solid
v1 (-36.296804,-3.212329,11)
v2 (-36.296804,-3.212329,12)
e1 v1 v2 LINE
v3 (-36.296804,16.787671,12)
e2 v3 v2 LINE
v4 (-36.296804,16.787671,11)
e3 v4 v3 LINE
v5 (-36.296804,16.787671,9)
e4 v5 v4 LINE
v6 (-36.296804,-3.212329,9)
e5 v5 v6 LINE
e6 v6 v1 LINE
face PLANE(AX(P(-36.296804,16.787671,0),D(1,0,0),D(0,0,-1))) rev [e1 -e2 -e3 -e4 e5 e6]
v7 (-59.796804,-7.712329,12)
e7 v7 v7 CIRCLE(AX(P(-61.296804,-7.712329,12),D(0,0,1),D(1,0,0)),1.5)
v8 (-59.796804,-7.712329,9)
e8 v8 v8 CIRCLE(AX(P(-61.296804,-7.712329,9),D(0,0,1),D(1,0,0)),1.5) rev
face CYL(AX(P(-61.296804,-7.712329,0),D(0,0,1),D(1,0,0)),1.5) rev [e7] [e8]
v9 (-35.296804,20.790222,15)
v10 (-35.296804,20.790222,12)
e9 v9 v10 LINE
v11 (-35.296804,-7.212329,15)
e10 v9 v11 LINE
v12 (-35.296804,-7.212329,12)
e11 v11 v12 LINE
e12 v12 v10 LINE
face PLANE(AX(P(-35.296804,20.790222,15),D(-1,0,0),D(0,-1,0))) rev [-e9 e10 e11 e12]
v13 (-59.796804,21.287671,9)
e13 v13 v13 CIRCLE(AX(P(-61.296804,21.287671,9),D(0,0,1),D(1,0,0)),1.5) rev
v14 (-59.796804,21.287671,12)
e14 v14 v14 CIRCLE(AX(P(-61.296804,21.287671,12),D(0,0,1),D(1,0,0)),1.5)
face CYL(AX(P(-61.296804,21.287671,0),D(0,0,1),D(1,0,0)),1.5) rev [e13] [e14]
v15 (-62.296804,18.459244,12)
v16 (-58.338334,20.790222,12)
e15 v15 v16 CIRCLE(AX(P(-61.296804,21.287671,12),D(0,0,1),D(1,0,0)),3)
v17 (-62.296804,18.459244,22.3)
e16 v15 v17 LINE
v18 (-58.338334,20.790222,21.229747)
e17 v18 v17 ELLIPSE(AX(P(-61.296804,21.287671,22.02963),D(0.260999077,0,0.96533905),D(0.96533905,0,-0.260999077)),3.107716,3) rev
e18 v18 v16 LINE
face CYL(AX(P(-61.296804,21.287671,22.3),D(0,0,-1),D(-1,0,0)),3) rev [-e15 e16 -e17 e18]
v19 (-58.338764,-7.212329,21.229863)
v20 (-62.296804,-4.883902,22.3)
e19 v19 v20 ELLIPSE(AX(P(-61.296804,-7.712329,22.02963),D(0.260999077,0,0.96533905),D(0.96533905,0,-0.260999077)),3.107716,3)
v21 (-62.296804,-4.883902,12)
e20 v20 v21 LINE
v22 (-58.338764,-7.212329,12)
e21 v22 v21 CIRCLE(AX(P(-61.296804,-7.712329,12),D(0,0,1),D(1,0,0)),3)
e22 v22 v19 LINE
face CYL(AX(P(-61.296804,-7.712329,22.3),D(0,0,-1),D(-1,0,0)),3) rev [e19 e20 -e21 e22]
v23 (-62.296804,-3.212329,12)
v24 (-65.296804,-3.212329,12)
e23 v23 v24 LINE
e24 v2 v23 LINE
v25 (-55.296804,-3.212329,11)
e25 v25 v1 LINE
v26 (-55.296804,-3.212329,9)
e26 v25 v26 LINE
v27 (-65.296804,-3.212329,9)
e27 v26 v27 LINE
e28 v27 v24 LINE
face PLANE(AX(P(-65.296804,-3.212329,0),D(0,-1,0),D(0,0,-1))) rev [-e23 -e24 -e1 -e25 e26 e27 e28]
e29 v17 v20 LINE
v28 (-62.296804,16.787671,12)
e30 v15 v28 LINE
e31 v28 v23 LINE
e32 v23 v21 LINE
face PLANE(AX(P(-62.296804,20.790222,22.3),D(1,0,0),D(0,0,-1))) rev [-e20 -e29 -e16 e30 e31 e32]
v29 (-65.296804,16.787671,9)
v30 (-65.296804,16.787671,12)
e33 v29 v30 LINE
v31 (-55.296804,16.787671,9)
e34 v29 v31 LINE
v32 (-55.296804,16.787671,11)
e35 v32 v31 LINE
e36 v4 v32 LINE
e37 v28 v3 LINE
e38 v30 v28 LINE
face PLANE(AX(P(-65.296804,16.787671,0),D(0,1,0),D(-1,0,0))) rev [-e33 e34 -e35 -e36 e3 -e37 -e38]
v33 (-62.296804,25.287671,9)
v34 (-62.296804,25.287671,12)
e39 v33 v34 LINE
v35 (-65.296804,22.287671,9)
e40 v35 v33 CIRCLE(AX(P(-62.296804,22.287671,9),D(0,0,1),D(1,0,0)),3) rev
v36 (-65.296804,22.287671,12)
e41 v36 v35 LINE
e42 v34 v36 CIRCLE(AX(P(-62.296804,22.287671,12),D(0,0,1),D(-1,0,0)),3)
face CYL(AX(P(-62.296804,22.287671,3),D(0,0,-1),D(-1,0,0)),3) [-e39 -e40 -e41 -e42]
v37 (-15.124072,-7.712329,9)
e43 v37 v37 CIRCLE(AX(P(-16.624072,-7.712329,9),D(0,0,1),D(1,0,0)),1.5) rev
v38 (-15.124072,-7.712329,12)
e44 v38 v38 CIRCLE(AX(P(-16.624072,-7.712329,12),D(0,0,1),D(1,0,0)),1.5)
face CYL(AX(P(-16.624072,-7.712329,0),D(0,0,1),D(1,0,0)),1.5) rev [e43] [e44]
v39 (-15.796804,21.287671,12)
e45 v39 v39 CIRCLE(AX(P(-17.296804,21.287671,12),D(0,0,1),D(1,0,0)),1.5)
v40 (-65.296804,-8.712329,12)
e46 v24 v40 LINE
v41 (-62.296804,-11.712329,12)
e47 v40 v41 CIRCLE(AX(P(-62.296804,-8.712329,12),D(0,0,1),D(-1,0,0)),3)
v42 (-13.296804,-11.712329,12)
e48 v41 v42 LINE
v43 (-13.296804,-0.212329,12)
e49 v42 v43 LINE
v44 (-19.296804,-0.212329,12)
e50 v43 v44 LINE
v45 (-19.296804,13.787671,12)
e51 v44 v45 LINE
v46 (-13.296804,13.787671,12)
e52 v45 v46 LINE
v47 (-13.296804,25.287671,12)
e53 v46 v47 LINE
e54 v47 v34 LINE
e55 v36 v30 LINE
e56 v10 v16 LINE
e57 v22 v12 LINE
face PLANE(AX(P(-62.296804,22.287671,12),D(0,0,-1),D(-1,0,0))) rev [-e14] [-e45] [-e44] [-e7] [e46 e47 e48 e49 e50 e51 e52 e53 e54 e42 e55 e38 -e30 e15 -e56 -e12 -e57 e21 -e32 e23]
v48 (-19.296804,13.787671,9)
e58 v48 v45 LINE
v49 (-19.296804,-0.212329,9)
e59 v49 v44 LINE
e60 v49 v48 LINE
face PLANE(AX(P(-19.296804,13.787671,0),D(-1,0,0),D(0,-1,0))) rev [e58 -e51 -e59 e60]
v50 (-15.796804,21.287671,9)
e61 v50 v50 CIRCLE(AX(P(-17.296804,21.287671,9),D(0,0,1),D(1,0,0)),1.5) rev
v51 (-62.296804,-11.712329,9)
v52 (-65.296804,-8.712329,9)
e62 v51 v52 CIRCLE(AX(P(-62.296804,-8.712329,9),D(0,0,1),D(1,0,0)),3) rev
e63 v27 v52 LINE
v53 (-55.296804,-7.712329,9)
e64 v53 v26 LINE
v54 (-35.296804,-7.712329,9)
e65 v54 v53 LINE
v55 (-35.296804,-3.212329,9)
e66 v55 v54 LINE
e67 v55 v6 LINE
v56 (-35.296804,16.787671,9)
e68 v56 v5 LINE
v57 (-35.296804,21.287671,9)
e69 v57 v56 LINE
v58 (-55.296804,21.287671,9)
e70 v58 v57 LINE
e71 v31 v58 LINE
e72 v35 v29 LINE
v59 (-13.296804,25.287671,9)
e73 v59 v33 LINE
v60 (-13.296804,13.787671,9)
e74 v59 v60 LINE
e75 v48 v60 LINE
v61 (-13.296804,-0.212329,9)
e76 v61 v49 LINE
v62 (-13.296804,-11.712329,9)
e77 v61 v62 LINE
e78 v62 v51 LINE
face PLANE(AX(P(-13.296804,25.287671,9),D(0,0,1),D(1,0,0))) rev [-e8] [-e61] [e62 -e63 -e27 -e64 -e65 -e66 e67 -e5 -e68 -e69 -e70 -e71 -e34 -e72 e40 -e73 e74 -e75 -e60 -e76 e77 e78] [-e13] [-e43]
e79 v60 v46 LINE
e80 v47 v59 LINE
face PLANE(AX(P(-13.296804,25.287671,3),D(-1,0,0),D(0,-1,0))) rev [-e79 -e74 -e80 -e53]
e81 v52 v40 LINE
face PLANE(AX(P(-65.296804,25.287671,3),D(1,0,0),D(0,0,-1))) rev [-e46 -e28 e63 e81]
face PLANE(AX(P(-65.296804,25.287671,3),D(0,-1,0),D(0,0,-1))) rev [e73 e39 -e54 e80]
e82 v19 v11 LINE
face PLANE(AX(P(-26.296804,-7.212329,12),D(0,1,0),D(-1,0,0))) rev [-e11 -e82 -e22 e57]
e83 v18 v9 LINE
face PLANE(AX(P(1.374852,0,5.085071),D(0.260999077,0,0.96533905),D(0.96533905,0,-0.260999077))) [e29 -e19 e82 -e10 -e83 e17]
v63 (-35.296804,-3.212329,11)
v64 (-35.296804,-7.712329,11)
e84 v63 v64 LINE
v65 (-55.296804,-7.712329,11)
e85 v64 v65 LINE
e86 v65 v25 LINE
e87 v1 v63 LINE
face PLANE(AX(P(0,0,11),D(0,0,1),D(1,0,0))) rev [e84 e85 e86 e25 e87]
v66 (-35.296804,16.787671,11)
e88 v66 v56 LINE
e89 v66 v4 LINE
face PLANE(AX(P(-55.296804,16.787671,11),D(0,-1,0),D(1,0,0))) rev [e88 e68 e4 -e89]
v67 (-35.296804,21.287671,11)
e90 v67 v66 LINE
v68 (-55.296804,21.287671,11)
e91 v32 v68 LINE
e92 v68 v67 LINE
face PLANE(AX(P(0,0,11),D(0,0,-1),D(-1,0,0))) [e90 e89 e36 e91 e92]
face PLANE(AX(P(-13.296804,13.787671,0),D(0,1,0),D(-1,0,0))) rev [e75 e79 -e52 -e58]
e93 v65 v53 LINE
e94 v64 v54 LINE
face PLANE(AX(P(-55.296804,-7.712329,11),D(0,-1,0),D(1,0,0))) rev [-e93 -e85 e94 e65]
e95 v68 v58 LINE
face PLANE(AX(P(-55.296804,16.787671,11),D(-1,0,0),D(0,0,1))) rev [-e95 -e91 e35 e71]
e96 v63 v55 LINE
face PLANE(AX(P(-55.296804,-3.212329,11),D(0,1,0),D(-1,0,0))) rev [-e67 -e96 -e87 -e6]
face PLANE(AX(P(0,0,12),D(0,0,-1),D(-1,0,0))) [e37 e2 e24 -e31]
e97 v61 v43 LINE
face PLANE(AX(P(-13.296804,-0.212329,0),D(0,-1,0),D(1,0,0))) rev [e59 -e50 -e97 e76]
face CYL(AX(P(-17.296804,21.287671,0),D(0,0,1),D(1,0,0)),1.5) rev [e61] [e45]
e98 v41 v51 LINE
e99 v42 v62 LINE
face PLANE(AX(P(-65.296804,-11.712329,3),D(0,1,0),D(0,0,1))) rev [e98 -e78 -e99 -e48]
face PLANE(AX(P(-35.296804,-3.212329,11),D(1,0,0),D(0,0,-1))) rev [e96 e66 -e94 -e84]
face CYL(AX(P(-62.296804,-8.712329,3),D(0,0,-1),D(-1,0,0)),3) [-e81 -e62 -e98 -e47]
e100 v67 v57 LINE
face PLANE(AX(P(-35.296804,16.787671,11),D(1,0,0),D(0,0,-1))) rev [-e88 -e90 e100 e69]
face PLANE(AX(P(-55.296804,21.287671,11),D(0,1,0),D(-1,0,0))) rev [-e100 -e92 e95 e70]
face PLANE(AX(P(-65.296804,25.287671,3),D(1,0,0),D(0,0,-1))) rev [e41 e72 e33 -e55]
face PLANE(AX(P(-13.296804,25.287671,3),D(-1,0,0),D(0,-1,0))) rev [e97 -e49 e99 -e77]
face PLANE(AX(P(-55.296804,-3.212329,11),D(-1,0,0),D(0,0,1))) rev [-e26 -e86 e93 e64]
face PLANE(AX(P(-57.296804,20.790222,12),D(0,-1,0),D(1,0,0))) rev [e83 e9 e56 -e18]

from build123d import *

# Parameters (mm, degrees)
CROQUIS1_W              = 52
CROQUIS1_H              = 37
SALIENTE_EXTRUIR1_DEPTH = 3
REDONDEO1_R             = 3
CROQUIS2_R              = 1.5
CORTAR_EXTRUIR1_DEPTH   = 3
CROQUIS3_W              = 29
CROQUIS3_H              = 20
CROQUIS3_W_2            = 6
CROQUIS3_H_2            = 14
CORTAR_EXTRUIR2_DEPTH   = 3
SALIENTE_EXTRUIR2_DEPTH = 9
CROQUIS5_W              = 36
CROQUIS5_H              = 28.002550662
SALIENTE_EXTRUIR3_DEPTH = 10.3
CORTAR_EXTRUIR3_START   = -28.002551
CORTAR_EXTRUIR3_DEPTH   = 28.002551
SALIENTE_EXTRUIR4_DEPTH = 8.5
CROQUIS8_W              = 21.9
CROQUIS8_H              = 60.9
CORTAR_EXTRUIR4_DEPTH   = 5.5
CORTAR_EXTRUIR5_DEPTH   = 9
CORTAR_EXTRUIR6_START   = -28.002551
CROQUIS12_W             = 9
CROQUIS12_H             = 1.570892211
CORTAR_EXTRUIR6_DEPTH   = 28.002551
CROQUIS13_W             = 3
CROQUIS13_H             = 67
SALIENTE_EXTRUIR5_DEPTH = 12
CORTAR_EXTRUIR7_START   = -28.002551
CROQUIS14_W             = 31
CROQUIS14_H             = 9
CORTAR_EXTRUIR7_DEPTH   = 28.002551
CROQUIS17_R             = 1.5
SALIENTE_EXTRUIR6_DEPTH = 9
CORTAR_EXTRUIR8_START   = -37
CROQUIS18_W             = 54.197150846
CROQUIS18_H             = 9
CORTAR_EXTRUIR8_DEPTH   = 37
CORTAR_EXTRUIR9_REACH   = 83.194
CROQUIS19_R             = 1.5
CROQUIS20_W             = 28
CROQUIS20_H             = 6
SALIENTE_EXTRUIR7_DEPTH = 3
CROQUIS21_W             = 20
CROQUIS21_H             = 4.5
CORTAR_EXTRUIR10_DEPTH  = 2
CROQUIS22_R             = 3
CORTAR_EXTRUIR11_DEPTH  = 10.3
CORTAR_EXTRUIR12_REACH  = 82.263
CROQUIS23_R             = 2
CORTAR_EXTRUIR13_START  = -20.5
CROQUIS24_W             = 31.641373031
CROQUIS24_H             = 75.620640488
CORTAR_EXTRUIR13_DEPTH  = 20.5
CROQUIS25_W             = 28
CROQUIS25_H             = 6
CORTAR_EXTRUIR14_DEPTH  = 10
SALIENTE_EXTRUIR8_DEPTH = 9
CORTAR_EXTRUIR16_REACH  = 72.776
CROQUIS30_R             = 3


with BuildPart() as part:
    # Croquis1 → Saliente-Extruir1 (new body)
    with BuildSketch(Plane.XY):
        with Locations((-39.296803653, 6.787671233)):
            Rectangle(CROQUIS1_W, CROQUIS1_H)
    extrude(amount=SALIENTE_EXTRUIR1_DEPTH)

    # Redondeo1
    redondeo1_edges = [part.edges().sort_by_distance(p)[0] for p in [
        (-65.296803653, 25.287671233, 1.5),
        (-65.296803653, -11.712328767, 1.5),
    ]]
    fillet(redondeo1_edges, radius=REDONDEO1_R)

    # Croquis2 → Cortar-Extruir1 (cut)
    with BuildSketch(Plane.XY.offset(3)):
        with Locations((-61.296803653, 21.287671233)):
            Circle(CROQUIS2_R)
        with Locations((-61.296803653, -7.712328767)):
            Circle(CROQUIS2_R)
        with Locations((-16.624072342, -7.712328767)):
            Circle(CROQUIS2_R)
        with Locations((-17.296803653, 21.287671233)):
            Circle(CROQUIS2_R)
    extrude(amount=-CORTAR_EXTRUIR1_DEPTH, mode=Mode.SUBTRACT)

    # Croquis3 → Cortar-Extruir2 (cut)
    with BuildSketch(Plane.XY.offset(3)):
        with Locations((-50.796803653, 6.787671233)):
            Rectangle(CROQUIS3_W, CROQUIS3_H)
        with Locations((-16.296803653, 6.787671233)):
            Rectangle(CROQUIS3_W_2, CROQUIS3_H_2)
    extrude(amount=-CORTAR_EXTRUIR2_DEPTH, mode=Mode.SUBTRACT)

    # Croquis4 → Saliente-Extruir2 (add)
    with BuildSketch(Plane.XY.offset(3)):
        Polygon((-57.296803653, 16.787671233), (-57.296803653, 20.790221895), (-26.296803653, 20.790221895), (-26.296803653, -7.212328767), (-57.296803653, -7.212328767), (-57.296803653, -3.212328767), (-36.296803653, -3.212328767), (-36.296803653, 16.787671233), align=None)
    extrude(amount=SALIENTE_EXTRUIR2_DEPTH)

    # Croquis5 → Saliente-Extruir3 (add)
    with BuildSketch(Plane.XY.offset(12)):
        with Locations((-44.296803653, 6.788946564)):
            Rectangle(CROQUIS5_W, CROQUIS5_H)
    extrude(amount=SALIENTE_EXTRUIR3_DEPTH)

    # Croquis6 → Cortar-Extruir3 (cut)
    with BuildSketch(Plane.XZ.offset(7.212328767).offset(CORTAR_EXTRUIR3_START)):
        Polygon((-35.296803653, 15), (-35.296803653, 12.995381041), (-26.296803653, 12.995381041), (-26.296803653, 14.757444162), (-26.296803653, 22.3), (-62.296803653, 22.3), align=None)
    extrude(amount=CORTAR_EXTRUIR3_DEPTH, mode=Mode.SUBTRACT)

    # Croquis7 → Saliente-Extruir4 (add)
    with BuildSketch(Plane(origin=(1.374852463, 0, 5.085070754), x_dir=(0.9653390502996949, 0, -0.2609990765625102), z_dir=(0.2609990765625102, 0, 0.9653390502996949))):
        Polygon((-65.957816682, 6.788946564), (-65.957816682, -26.711053436), (-37.957816682, -26.711053436), (-37.957816682, 40.288946564), (-65.957816682, 40.288946564), align=None)
    extrude(amount=SALIENTE_EXTRUIR4_DEPTH)

    # Croquis8 → Cortar-Extruir4 (cut)
    with BuildSketch(Plane(origin=(3.593344614, 0, 13.290452681), x_dir=(0.9653390502996949, 0, -0.26099907656251026), z_dir=(0.26099907656251026, 0, 0.9653390502996949))):
        with Locations((-51.957816682, 6.788946564)):
            Rectangle(CROQUIS8_W, CROQUIS8_H)
    extrude(amount=-CORTAR_EXTRUIR4_DEPTH, mode=Mode.SUBTRACT)

    # Croquis10 → Cortar-Extruir5 (cut)
    with BuildSketch(Plane(origin=(0, 20.790221895, 0), x_dir=(1, 0, 0), z_dir=(0, 1, 0))):
        Polygon((-62.296803653, -22.3), (-35.296803653, -15), (-35.296803653, -12), (-62.296803653, -19.3), align=None)
    extrude(amount=-CORTAR_EXTRUIR5_DEPTH, mode=Mode.SUBTRACT)

    # Croquis12 → Cortar-Extruir6 (cut)
    with BuildSketch(Plane(origin=(0, 20.790221895, 0), x_dir=(1, 0, 0), z_dir=(0, 1, 0)).offset(CORTAR_EXTRUIR6_START)):
        with Locations((-30.796803653, -12.209934936)):
            Rectangle(CROQUIS12_W, CROQUIS12_H)
    extrude(amount=CORTAR_EXTRUIR6_DEPTH, mode=Mode.SUBTRACT)

    # Croquis13 → Saliente-Extruir5 (add)
    with BuildSketch(Plane(origin=(3.593344614, 0, 13.290452681), x_dir=(0.9653390502996949, 0, -0.26099907656251026), z_dir=(0.26099907656251026, 0, 0.9653390502996949))):
        with Locations((-39.457816682, 6.788946564)):
            Rectangle(CROQUIS13_W, CROQUIS13_H)
    extrude(amount=SALIENTE_EXTRUIR5_DEPTH)

    # Croquis14 → Cortar-Extruir7 (cut)
    with BuildSketch(Plane.XZ.offset(7.212328767).offset(CORTAR_EXTRUIR7_START)):
        with Locations((-41.796803653, 7.5)):
            Rectangle(CROQUIS14_W, CROQUIS14_H)
    extrude(amount=CORTAR_EXTRUIR7_DEPTH, mode=Mode.SUBTRACT)


with BuildPart() as cortar_extruir7_piece_1:
    # of the separate pieces the step leaves, piece 1, a body of its own (cortar_extruir7_pieces)
    add(part.part.solids().sort_by_distance((-62.296803653, -26.711053436, 22.3))[0])



with BuildPart() as cortar_extruir7_piece_2:
    # of the separate pieces the step leaves, piece 2, a body of its own (cortar_extruir7_pieces)
    add(part.part.solids().sort_by_distance((-62.296803653, 25.287671233, 3))[0])


with BuildPart() as cortar_extruir7_piece_1_1:
    add(cortar_extruir7_piece_1.part)

    add(cortar_extruir7_piece_2.part)  # Saliente-Extruir6 merges Cortar-Extruir7 piece 2
    # Croquis17 → Saliente-Extruir6 (add)
    with BuildSketch(Plane.XY.offset(3)):
        with BuildLine():
            Line((-13.296803653, -0.212328767), (-19.296803653, -0.212328767))
            Line((-19.296803653, -0.212328767), (-19.296803653, 13.787671233))
            Line((-19.296803653, 13.787671233), (-13.296803653, 13.787671233))
            Line((-13.296803653, 13.787671233), (-13.296803653, 25.287671233))
            Line((-13.296803653, 25.287671233), (-62.296803653, 25.287671233))
            ThreePointArc((-62.296803653, 25.287671233), (-64.418123997, 24.408991576), (-65.296803653, 22.287671233))
            Line((-65.296803653, 22.287671233), (-65.296803653, 16.787671233))
            Line((-65.296803653, 16.787671233), (-36.296803653, 16.787671233))
            Line((-36.296803653, 16.787671233), (-36.296803653, -3.212328767))
            Line((-36.296803653, -3.212328767), (-65.296803653, -3.212328767))
            Line((-65.296803653, -3.212328767), (-65.296803653, -8.712328767))
            ThreePointArc((-65.296803653, -8.712328767), (-64.418123997, -10.833649111), (-62.296803653, -11.712328767))
            Line((-62.296803653, -11.712328767), (-13.296803653, -11.712328767))
            Line((-13.296803653, -11.712328767), (-13.296803653, -0.212328767))
        make_face()
        with Locations((-61.296803653, 21.287671233)):
            Circle(CROQUIS17_R, mode=Mode.SUBTRACT)
        with Locations((-61.296803653, -7.712328767)):
            Circle(CROQUIS17_R, mode=Mode.SUBTRACT)
        with Locations((-16.624072342, -7.712328767)):
            Circle(CROQUIS17_R, mode=Mode.SUBTRACT)
        with Locations((-17.296803653, 21.287671233)):
            Circle(CROQUIS17_R, mode=Mode.SUBTRACT)
    extrude(amount=SALIENTE_EXTRUIR6_DEPTH)

    # Croquis18 → Cortar-Extruir8 (cut)
    with BuildSketch(Plane.XZ.offset(11.712328767).offset(CORTAR_EXTRUIR8_START)):
        with Locations((-40.395379076, 4.5)):
            Rectangle(CROQUIS18_W, CROQUIS18_H)
    extrude(amount=CORTAR_EXTRUIR8_DEPTH, mode=Mode.SUBTRACT)

    # Cortar-Extruir9: up to this plane
    cortar_extruir9_end = Plane(origin=(3.593344614, 0, 13.290452681), z_dir=(0.26099907656251026, 0, 0.9653390502996949))
    # Croquis19 → Cortar-Extruir9 (cut, up to the surface)
    with BuildSketch(Plane(origin=(0, 0, 9), x_dir=(-1, 0, 0), z_dir=(0, 0, -1)), mode=Mode.PRIVATE) as cortar_extruir9_sk1:
        with Locations(Location((61.296803653, 21.287671233, 0), (0, 0, 180))):
            Circle(CROQUIS19_R)
    cortar_extruir9_tool1 = split(extrude(cortar_extruir9_sk1.sketch, amount=-CORTAR_EXTRUIR9_REACH, mode=Mode.PRIVATE), bisect_by=cortar_extruir9_end, keep=Keep.BOTH, mode=Mode.PRIVATE)
    add(cortar_extruir9_tool1.solids().sort_by_distance((-61.296804, 21.287671, 9))[0], mode=Mode.SUBTRACT)
    # Croquis19 → Cortar-Extruir9 (cut, up to the surface)
    with BuildSketch(Plane(origin=(0, 0, 9), x_dir=(-1, 0, 0), z_dir=(0, 0, -1)), mode=Mode.PRIVATE) as cortar_extruir9_sk2:
        with Locations(Location((61.296803653, -7.712328767, 0), (0, 0, 180))):
            Circle(CROQUIS19_R)
    cortar_extruir9_tool2 = split(extrude(cortar_extruir9_sk2.sketch, amount=-CORTAR_EXTRUIR9_REACH, mode=Mode.PRIVATE), bisect_by=cortar_extruir9_end, keep=Keep.BOTH, mode=Mode.PRIVATE)
    add(cortar_extruir9_tool2.solids().sort_by_distance((-61.296804, -7.712329, 9))[0], mode=Mode.SUBTRACT)

    # Croquis20 → Saliente-Extruir7 (add)
    with BuildSketch(Plane(origin=(1.374852463, 0, 5.085070754), x_dir=(-0.9653390502996949, 0, 0.26099907656251026), z_dir=(-0.26099907656251026, 0, -0.9653390502996949))):
        with Locations((51.957816682, 37.288946564)):
            Rectangle(CROQUIS20_W, CROQUIS20_H)
    extrude(amount=SALIENTE_EXTRUIR7_DEPTH)

    # Croquis21 → Cortar-Extruir10 (cut)
    with BuildSketch(Plane(origin=(0, 0, 9), x_dir=(-1, 0, 0), z_dir=(0, 0, -1))):
        with Locations((45.296803653, 19.037671233)):
            Rectangle(CROQUIS21_W, CROQUIS21_H)
        with Locations((45.296803653, -5.462328767)):
            Rectangle(CROQUIS21_W, CROQUIS21_H)
    extrude(amount=-CORTAR_EXTRUIR10_DEPTH, mode=Mode.SUBTRACT)

    # Croquis22 → Cortar-Extruir11 (cut)
    with BuildSketch(Plane.XY.offset(12)):
        with Locations((-61.296803653, 21.287671233)):
            Circle(CROQUIS22_R)
        with Locations((-61.296803653, -7.712328767)):
            Circle(CROQUIS22_R)
    extrude(amount=CORTAR_EXTRUIR11_DEPTH, mode=Mode.SUBTRACT)

    # Cortar-Extruir12: up to this plane
    cortar_extruir12_end = Plane(origin=(3.593344614, 0, 13.290452681), z_dir=(0.26099907656251026, 0, 0.9653390502996949))
    # Croquis23 → Cortar-Extruir12 (cut, up to the surface)
    with BuildSketch(Plane.XY.offset(12), mode=Mode.PRIVATE) as cortar_extruir12_sk1:
        with Locations((-61.296803653, 21.287671233)):
            Circle(CROQUIS23_R)
    cortar_extruir12_tool1 = split(extrude(cortar_extruir12_sk1.sketch, amount=CORTAR_EXTRUIR12_REACH, mode=Mode.PRIVATE), bisect_by=cortar_extruir12_end, keep=Keep.BOTH, mode=Mode.PRIVATE)
    add(cortar_extruir12_tool1.solids().sort_by_distance((-61.296804, 21.287671, 12))[0], mode=Mode.SUBTRACT)
    # Croquis23 → Cortar-Extruir12 (cut, up to the surface)
    with BuildSketch(Plane.XY.offset(12), mode=Mode.PRIVATE) as cortar_extruir12_sk2:
        with Locations((-61.296803653, -7.712328767)):
            Circle(CROQUIS23_R)
    cortar_extruir12_tool2 = split(extrude(cortar_extruir12_sk2.sketch, amount=CORTAR_EXTRUIR12_REACH, mode=Mode.PRIVATE), bisect_by=cortar_extruir12_end, keep=Keep.BOTH, mode=Mode.PRIVATE)
    add(cortar_extruir12_tool2.solids().sort_by_distance((-61.296804, -7.712329, 12))[0], mode=Mode.SUBTRACT)

    # Croquis24 → Cortar-Extruir13 (cut)
    with BuildSketch(Plane(origin=(1.374852463, 0, 5.085070754), x_dir=(-0.9653390502996949, 0, 0.26099907656251026), z_dir=(-0.26099907656251026, 0, -0.9653390502996949)).offset(CORTAR_EXTRUIR13_START)):
        with Locations((53.778503198, 11.099266808)):
            Rectangle(CROQUIS24_W, CROQUIS24_H)
    extrude(amount=CORTAR_EXTRUIR13_DEPTH, mode=Mode.SUBTRACT)


with BuildPart() as cortar_extruir13_piece_1:
    # of the separate pieces the step leaves, piece 1, a body of its own (cortar_extruir13_pieces)
    add(cortar_extruir7_piece_1_1.part.solids().sort_by_distance((-59.796803653, 21.287671233, 12))[0])

    # Croquis27 → Saliente-Extruir8 (add)
    with BuildSketch(Plane(origin=(0, 11.790221895, 0), x_dir=(1, 0, 0), z_dir=(0, 1, 0))):
        Polygon((-35.296803653, -12), (-35.296803653, -15), (-62.296803653, -22.3), (-62.296803653, -19.3), align=None)
    extrude(amount=SALIENTE_EXTRUIR8_DEPTH)

    # Cortar-Extruir16: up to this plane
    cortar_extruir16_end = Plane(origin=(1.374852463, 0, 5.085070754), z_dir=(0.2609990765625103, 0, 0.965339050299695))
    # Croquis30 → Cortar-Extruir16 (cut, up to the surface)
    with BuildSketch(Plane.XY.offset(12), mode=Mode.PRIVATE) as cortar_extruir16_sk1:
        with Locations((-61.296803653, 21.287671233)):
            Circle(CROQUIS30_R)
    cortar_extruir16_tool1 = split(extrude(cortar_extruir16_sk1.sketch, amount=CORTAR_EXTRUIR16_REACH, mode=Mode.PRIVATE), bisect_by=cortar_extruir16_end, keep=Keep.BOTH, mode=Mode.PRIVATE)
    add(cortar_extruir16_tool1.solids().sort_by_distance((-61.296804, 21.287671, 12))[0], mode=Mode.SUBTRACT)


with BuildPart() as cortar_extruir13_piece_2:
    # of the separate pieces the step leaves, piece 2, a body of its own (cortar_extruir13_pieces)
    add(cortar_extruir7_piece_1_1.part.solids().sort_by_distance((-35.267310245, 34.288946564, 14.992025856))[0])

    # Croquis25 → Cortar-Extruir14 (cut)
    with BuildSketch(Plane(origin=(0.591855233, 0, 2.189053603), x_dir=(-0.9653390502996949, 0, 0.26099907656251037), z_dir=(-0.26099907656251037, 0, -0.9653390502996949))):
        with Locations((51.957816682, 37.288946564)):
            Rectangle(CROQUIS25_W, CROQUIS25_H)
    extrude(amount=-CORTAR_EXTRUIR14_DEPTH, mode=Mode.SUBTRACT)


solid = cortar_extruir13_piece_1.part
